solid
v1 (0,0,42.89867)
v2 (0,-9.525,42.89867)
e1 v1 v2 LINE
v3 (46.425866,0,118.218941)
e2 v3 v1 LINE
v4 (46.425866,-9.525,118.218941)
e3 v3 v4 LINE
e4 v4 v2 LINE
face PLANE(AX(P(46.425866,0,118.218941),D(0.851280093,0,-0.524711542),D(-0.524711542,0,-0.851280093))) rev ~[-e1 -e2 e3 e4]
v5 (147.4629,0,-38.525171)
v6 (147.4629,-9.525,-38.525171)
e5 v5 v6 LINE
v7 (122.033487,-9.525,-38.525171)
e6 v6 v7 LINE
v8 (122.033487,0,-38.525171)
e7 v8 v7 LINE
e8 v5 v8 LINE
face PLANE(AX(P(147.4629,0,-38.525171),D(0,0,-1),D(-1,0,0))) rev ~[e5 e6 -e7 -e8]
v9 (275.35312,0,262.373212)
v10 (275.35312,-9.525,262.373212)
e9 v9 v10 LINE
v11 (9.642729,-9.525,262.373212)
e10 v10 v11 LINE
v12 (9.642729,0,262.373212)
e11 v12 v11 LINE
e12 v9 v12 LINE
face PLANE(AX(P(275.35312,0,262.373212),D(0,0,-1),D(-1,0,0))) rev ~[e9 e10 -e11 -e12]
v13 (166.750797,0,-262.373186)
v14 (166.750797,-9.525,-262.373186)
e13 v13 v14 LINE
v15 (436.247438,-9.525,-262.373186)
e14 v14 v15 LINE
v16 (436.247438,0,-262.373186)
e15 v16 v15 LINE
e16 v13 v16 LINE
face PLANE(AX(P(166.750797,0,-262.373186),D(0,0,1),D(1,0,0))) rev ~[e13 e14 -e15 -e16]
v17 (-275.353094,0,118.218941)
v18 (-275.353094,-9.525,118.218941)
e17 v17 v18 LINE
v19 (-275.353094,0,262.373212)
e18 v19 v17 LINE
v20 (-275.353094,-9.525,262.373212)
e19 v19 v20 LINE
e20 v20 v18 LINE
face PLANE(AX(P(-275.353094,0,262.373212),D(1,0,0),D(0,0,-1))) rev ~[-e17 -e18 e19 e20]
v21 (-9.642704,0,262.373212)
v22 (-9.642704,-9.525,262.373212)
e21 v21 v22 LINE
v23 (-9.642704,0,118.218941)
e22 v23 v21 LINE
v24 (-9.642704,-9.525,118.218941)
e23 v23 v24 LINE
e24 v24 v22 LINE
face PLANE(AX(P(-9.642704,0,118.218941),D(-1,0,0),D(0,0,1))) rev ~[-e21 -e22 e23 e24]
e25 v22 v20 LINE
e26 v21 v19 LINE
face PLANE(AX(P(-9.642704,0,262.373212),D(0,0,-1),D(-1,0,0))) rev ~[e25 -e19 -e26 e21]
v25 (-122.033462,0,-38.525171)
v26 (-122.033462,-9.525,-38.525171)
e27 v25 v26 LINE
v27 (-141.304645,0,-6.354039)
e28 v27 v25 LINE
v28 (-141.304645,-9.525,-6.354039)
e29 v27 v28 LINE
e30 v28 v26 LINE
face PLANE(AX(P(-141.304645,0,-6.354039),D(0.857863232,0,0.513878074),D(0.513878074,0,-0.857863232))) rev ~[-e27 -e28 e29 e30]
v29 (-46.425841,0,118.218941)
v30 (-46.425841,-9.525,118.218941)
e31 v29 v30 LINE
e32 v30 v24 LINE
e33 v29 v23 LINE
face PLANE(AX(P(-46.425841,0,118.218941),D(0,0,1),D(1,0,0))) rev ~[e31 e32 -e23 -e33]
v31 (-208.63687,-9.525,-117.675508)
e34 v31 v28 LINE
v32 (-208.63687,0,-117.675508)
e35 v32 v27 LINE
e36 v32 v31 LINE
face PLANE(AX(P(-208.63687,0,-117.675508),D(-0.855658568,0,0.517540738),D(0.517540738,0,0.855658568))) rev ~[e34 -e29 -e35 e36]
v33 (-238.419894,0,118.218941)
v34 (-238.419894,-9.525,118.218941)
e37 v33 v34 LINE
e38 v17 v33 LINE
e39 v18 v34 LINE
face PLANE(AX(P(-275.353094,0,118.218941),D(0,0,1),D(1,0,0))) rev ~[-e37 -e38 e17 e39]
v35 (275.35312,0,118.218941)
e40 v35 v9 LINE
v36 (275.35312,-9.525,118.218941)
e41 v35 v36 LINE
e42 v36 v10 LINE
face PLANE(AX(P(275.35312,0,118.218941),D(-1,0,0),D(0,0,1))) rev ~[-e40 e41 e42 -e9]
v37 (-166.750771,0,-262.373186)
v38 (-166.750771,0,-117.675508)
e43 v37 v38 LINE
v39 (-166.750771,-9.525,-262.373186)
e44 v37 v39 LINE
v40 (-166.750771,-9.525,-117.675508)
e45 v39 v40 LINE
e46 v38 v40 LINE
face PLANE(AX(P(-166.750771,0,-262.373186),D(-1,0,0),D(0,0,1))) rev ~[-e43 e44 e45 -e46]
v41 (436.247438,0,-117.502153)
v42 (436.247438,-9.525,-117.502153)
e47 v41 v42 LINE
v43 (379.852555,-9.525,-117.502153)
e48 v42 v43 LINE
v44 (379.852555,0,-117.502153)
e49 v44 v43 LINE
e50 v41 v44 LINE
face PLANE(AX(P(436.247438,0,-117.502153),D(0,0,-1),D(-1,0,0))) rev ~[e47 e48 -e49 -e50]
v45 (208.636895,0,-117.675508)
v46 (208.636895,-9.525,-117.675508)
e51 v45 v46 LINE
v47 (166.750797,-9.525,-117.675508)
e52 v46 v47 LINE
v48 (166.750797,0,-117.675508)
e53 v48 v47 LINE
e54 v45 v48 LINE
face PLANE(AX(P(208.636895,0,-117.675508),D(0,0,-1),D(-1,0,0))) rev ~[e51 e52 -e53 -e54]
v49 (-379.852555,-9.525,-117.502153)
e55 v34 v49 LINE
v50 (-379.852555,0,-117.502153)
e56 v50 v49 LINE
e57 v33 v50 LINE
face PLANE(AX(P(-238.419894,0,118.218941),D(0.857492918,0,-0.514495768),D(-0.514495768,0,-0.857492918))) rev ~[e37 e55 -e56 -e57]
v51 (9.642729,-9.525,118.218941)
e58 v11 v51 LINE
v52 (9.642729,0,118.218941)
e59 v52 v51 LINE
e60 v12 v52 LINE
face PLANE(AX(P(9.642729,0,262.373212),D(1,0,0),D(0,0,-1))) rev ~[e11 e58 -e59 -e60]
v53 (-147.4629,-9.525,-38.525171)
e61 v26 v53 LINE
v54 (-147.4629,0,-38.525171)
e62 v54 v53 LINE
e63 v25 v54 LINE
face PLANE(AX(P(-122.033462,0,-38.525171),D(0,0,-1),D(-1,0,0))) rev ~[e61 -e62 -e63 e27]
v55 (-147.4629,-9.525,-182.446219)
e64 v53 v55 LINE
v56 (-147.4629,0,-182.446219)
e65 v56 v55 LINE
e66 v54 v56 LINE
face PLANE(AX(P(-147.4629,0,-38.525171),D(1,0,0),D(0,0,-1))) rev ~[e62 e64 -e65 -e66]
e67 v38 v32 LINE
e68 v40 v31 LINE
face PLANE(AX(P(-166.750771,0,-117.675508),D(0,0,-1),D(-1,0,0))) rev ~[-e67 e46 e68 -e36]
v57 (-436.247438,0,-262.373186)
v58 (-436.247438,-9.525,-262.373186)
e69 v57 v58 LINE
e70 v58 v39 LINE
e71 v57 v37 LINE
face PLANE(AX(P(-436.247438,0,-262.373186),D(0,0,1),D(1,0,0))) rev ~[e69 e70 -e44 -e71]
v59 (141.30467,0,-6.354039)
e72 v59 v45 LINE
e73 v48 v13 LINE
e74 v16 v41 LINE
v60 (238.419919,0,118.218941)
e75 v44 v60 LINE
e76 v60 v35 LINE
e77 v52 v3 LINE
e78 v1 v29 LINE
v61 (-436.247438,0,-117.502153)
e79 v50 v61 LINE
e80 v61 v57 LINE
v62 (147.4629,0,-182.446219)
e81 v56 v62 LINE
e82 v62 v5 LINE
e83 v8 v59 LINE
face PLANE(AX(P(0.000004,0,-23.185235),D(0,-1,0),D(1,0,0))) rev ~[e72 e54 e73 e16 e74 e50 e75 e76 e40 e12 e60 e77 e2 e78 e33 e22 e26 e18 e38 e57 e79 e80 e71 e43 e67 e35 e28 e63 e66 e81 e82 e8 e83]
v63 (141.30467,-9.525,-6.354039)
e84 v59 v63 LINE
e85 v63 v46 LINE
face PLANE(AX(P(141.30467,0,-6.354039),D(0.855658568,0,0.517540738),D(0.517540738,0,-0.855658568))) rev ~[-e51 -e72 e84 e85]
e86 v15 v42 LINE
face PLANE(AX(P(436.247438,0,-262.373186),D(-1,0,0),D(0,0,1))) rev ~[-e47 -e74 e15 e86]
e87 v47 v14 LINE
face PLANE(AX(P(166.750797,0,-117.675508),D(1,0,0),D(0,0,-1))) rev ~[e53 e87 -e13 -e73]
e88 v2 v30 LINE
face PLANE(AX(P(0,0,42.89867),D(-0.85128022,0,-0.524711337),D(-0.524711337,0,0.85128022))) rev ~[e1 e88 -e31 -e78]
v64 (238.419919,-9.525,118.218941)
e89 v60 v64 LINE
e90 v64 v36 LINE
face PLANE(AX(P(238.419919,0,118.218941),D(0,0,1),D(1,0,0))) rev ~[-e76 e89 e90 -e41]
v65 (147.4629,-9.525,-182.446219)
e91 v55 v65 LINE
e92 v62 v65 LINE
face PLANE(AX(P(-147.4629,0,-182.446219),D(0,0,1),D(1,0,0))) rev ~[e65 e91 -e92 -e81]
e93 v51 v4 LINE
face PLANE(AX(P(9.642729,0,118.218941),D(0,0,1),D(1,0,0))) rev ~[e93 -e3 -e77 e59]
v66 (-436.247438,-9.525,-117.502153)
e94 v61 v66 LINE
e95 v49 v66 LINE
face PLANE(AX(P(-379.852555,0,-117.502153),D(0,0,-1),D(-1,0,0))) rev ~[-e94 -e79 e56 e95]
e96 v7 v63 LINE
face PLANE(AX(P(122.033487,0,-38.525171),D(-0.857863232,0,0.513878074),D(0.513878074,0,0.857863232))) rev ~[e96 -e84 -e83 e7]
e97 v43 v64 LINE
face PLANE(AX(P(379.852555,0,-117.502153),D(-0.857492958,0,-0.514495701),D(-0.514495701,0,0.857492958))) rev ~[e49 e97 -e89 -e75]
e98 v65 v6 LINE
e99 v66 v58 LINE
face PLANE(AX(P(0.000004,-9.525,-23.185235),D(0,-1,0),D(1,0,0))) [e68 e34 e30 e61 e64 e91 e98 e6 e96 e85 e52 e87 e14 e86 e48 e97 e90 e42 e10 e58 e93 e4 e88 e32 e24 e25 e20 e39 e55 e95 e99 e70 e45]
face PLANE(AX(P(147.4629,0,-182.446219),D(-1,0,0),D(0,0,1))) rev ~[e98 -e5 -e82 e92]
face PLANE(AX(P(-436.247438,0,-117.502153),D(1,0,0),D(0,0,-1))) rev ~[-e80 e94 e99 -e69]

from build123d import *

# Parameters (mm, degrees)
F1_DEPTH = 9.525


with BuildPart() as f1:
    # F0 (on Front) → F1 (new body)
    with BuildSketch(Plane.XZ):
        Polygon((46.425866, 118.218941), (0, 42.89867), (-46.425841, 118.218941), (-9.642704, 118.218941), (-9.642704, 262.373212), (-275.353094, 262.373212), (-275.353094, 118.218941), (-238.419894, 118.218941), (-379.852555, -117.502153), (-436.247438, -117.502153), (-436.247438, -262.373186), (-166.750771, -262.373186), (-166.750771, -117.675508), (-208.63687, -117.675508), (-141.304645, -6.354039), (-122.033462, -38.525171), (-147.4629, -38.525171), (-147.4629, -182.446219), (147.4629, -182.446219), (147.4629, -38.525171), (122.033487, -38.525171), (141.30467, -6.354039), (208.636895, -117.675508), (166.750797, -117.675508), (166.750797, -262.373186), (436.247438, -262.373186), (436.247438, -117.502153), (379.852555, -117.502153), (238.419919, 118.218941), (275.35312, 118.218941), (275.35312, 262.373212), (9.642729, 262.373212), (9.642729, 118.218941), align=None)
    extrude(amount=F1_DEPTH)


solid = f1.part
